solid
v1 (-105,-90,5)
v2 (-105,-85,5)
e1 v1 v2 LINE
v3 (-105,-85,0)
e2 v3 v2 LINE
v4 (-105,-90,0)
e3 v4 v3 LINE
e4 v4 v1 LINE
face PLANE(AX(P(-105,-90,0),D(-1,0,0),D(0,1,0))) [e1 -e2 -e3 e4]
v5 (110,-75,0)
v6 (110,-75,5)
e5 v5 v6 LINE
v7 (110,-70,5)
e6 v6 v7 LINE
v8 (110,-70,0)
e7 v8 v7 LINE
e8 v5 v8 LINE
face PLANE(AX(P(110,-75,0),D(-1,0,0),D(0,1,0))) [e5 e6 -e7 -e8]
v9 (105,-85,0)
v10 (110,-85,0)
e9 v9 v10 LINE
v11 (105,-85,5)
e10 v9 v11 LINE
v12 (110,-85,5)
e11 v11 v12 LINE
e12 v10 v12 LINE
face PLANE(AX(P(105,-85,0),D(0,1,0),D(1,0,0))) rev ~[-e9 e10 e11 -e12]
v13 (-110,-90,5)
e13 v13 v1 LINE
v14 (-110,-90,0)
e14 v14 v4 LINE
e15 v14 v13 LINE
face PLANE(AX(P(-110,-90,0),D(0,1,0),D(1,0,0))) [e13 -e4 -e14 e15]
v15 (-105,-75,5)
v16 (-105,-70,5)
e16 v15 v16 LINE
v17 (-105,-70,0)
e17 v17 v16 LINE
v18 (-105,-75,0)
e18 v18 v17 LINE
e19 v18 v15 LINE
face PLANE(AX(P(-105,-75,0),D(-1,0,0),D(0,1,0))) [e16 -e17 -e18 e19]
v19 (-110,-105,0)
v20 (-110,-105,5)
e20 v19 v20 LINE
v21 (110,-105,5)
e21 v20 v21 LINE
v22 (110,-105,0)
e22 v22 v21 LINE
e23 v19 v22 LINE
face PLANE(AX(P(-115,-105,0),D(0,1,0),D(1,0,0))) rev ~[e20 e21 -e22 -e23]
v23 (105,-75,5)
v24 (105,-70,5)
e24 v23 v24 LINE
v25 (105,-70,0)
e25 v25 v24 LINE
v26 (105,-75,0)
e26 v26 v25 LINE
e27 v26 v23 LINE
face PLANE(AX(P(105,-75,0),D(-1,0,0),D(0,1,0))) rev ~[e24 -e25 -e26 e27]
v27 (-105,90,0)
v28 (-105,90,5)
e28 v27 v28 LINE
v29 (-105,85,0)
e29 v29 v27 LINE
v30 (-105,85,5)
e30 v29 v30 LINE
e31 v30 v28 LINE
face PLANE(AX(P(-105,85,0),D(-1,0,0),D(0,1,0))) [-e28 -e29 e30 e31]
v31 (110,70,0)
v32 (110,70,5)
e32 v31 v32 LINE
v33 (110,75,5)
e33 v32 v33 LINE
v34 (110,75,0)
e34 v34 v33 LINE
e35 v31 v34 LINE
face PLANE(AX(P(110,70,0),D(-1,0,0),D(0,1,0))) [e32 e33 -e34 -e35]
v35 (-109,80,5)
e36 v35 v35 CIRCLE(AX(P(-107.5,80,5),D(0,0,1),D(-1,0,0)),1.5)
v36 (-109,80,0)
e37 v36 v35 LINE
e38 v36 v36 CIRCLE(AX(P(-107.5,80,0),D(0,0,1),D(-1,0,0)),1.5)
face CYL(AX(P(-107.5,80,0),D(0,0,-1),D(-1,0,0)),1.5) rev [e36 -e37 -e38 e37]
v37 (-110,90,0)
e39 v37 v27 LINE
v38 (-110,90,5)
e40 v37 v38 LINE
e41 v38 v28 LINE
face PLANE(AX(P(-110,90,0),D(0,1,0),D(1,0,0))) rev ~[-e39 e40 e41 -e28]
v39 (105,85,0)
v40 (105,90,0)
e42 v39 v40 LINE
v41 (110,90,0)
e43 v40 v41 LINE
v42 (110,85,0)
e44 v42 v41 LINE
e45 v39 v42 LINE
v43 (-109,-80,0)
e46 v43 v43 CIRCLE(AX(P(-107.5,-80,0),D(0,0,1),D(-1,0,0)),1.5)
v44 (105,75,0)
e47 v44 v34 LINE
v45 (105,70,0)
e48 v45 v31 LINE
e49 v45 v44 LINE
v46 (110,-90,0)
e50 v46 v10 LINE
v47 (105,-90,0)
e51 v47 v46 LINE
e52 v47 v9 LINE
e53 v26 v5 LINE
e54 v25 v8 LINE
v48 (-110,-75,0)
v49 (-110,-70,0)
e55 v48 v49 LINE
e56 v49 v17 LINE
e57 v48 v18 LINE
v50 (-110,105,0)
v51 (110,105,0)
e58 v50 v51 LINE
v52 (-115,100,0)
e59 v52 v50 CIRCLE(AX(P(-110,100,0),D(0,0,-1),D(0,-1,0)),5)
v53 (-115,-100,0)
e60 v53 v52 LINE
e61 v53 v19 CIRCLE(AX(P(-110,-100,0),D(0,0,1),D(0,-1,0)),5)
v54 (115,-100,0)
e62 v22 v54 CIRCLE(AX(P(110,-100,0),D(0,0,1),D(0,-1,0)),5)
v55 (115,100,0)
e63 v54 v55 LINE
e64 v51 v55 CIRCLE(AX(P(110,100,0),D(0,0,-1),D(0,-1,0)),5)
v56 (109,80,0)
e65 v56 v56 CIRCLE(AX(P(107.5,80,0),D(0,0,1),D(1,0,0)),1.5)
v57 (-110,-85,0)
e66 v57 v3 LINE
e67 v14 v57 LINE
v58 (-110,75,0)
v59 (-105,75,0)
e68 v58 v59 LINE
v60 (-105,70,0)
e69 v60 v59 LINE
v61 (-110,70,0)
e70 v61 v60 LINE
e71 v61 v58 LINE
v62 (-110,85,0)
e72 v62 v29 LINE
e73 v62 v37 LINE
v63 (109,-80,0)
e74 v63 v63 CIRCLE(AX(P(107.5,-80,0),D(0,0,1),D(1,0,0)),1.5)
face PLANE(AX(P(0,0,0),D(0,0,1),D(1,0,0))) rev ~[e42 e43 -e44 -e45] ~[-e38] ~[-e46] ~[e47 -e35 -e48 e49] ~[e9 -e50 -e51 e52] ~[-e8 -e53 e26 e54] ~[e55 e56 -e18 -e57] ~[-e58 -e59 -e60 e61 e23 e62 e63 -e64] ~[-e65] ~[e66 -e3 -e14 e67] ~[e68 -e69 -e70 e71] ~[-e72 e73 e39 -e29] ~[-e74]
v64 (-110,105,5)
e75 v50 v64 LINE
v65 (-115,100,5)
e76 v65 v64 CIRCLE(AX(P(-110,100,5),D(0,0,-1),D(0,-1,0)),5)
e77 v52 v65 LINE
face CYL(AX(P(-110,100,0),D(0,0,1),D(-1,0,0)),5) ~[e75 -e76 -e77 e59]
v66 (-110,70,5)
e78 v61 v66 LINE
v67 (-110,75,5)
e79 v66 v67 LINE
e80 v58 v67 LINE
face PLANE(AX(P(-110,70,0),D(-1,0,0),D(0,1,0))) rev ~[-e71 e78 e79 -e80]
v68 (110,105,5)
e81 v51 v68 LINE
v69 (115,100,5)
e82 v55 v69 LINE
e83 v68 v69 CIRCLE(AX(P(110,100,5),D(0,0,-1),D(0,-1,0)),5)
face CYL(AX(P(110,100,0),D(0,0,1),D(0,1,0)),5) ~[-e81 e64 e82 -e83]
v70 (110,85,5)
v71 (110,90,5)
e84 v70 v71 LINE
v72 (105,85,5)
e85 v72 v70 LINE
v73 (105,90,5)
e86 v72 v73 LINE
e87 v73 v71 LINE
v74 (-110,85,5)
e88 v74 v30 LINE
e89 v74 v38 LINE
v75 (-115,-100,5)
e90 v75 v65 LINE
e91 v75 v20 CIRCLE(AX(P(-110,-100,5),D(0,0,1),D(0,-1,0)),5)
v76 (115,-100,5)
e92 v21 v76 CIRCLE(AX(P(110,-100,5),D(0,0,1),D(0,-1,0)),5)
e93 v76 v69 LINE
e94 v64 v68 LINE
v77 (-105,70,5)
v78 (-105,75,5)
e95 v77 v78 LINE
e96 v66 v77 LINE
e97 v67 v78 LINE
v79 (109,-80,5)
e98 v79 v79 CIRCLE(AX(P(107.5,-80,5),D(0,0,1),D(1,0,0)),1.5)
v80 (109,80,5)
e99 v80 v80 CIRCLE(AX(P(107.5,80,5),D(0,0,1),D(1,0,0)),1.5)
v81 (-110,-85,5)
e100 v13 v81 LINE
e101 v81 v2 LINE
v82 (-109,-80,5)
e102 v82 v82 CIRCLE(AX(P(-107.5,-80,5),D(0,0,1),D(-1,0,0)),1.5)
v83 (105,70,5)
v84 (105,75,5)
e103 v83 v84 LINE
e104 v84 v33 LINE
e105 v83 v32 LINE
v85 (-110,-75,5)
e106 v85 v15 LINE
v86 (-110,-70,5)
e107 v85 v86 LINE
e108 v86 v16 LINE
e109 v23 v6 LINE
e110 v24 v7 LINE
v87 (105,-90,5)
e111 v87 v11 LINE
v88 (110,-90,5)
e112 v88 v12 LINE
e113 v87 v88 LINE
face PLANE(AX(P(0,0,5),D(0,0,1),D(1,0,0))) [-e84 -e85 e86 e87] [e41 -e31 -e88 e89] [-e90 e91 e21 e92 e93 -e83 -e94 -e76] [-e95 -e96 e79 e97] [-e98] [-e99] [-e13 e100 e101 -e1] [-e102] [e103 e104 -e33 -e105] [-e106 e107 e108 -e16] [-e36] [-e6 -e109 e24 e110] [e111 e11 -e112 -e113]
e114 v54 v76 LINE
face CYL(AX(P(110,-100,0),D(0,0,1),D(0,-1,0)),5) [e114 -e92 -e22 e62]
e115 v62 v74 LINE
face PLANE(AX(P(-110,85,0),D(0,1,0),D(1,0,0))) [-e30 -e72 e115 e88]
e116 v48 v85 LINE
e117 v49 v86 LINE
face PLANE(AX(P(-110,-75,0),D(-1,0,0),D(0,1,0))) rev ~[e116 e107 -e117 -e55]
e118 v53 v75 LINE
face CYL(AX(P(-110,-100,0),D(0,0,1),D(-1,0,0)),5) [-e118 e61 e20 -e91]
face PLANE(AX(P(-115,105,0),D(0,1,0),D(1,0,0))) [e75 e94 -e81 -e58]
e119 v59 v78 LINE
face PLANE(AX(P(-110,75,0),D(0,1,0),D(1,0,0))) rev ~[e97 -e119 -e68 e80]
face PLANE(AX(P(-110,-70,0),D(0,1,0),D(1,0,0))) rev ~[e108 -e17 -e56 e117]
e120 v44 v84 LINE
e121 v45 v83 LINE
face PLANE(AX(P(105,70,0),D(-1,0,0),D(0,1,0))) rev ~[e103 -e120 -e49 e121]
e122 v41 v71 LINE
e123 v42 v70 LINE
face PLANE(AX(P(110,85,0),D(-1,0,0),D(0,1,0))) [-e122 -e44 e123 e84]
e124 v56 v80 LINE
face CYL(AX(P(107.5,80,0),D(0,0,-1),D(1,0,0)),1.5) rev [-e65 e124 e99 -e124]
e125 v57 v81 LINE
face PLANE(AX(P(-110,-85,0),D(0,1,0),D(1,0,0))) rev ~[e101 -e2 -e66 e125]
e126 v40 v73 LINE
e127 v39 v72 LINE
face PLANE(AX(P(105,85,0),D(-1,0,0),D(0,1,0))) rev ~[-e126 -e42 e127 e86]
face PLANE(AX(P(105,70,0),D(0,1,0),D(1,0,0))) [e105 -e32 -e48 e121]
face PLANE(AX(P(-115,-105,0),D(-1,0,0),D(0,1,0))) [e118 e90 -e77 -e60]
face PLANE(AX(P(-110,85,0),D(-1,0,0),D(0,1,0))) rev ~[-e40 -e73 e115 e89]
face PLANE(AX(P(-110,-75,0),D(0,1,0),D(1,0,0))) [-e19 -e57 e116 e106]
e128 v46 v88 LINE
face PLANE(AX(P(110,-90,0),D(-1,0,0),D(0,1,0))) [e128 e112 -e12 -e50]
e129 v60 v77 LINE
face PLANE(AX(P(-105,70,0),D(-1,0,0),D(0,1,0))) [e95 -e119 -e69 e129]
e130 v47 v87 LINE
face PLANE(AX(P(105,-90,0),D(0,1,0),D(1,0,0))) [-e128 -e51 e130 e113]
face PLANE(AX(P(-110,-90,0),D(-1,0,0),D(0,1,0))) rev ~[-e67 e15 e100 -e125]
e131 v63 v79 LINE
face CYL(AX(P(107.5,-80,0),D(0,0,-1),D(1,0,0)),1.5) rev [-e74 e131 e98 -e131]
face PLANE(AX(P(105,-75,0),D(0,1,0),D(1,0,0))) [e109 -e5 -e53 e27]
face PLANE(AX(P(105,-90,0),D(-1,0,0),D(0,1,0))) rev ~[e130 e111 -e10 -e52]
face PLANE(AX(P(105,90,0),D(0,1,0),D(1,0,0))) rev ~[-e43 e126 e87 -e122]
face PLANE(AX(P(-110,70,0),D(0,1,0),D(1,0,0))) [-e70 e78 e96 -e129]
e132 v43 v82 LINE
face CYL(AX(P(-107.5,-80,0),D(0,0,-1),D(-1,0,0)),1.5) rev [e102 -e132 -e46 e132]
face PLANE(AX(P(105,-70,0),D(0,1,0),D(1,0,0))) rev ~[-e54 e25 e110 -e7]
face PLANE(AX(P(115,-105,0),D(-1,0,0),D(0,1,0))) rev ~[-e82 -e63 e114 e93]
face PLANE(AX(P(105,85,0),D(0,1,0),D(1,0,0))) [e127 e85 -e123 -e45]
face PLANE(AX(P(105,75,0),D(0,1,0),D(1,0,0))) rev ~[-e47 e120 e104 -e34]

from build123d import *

# Parameters (mm, degrees)
ESQUISSE1_W        = 230
ESQUISSE1_H        = 210
ESQUISSE1_R        = 1.5
ESQUISSE1_W_2      = 5
ESQUISSE1_H_2      = 5
BOSS_EXTRU_1_DEPTH = 5
CONG_1_R           = 5


with BuildPart() as part:
    # Esquisse1 → Boss.-Extru.1 (new body)
    with BuildSketch(Plane.XY):
        Rectangle(ESQUISSE1_W, ESQUISSE1_H)
        with Locations((107.5, 80)):
            Circle(ESQUISSE1_R, mode=Mode.SUBTRACT)
        with Locations((107.5, -80)):
            Circle(ESQUISSE1_R, mode=Mode.SUBTRACT)
        with Locations(Location((-107.5, -80, 0), (0, 0, 180))):
            Circle(ESQUISSE1_R, mode=Mode.SUBTRACT)
        with Locations(Location((-107.5, 80, 0), (0, 0, 180))):
            Circle(ESQUISSE1_R, mode=Mode.SUBTRACT)
        with Locations((107.5, 72.5)):
            Rectangle(ESQUISSE1_W_2, ESQUISSE1_H_2, mode=Mode.SUBTRACT)
        with Locations((107.5, 87.5)):
            Rectangle(ESQUISSE1_W_2, ESQUISSE1_H_2, mode=Mode.SUBTRACT)
        with Locations((107.5, -87.5)):
            Rectangle(ESQUISSE1_W_2, ESQUISSE1_H_2, mode=Mode.SUBTRACT)
        with Locations((107.5, -72.5)):
            Rectangle(ESQUISSE1_W_2, ESQUISSE1_H_2, mode=Mode.SUBTRACT)
        with Locations((-107.5, -87.5)):
            Rectangle(ESQUISSE1_W_2, ESQUISSE1_H_2, mode=Mode.SUBTRACT)
        with Locations((-107.5, -72.5)):
            Rectangle(ESQUISSE1_W_2, ESQUISSE1_H_2, mode=Mode.SUBTRACT)
        with Locations((-107.5, 72.5)):
            Rectangle(ESQUISSE1_W_2, ESQUISSE1_H_2, mode=Mode.SUBTRACT)
        with Locations((-107.5, 87.5)):
            Rectangle(ESQUISSE1_W_2, ESQUISSE1_H_2, mode=Mode.SUBTRACT)
    extrude(amount=BOSS_EXTRU_1_DEPTH)

    # Congé1
    cong_1_edges = [part.edges().sort_by_distance(p)[0] for p in [
        (-115, 105, 2.5),
        (115, 105, 2.5),
        (115, -105, 2.5),
        (-115, -105, 2.5),
    ]]
    fillet(cong_1_edges, radius=CONG_1_R)


solid = part.part
